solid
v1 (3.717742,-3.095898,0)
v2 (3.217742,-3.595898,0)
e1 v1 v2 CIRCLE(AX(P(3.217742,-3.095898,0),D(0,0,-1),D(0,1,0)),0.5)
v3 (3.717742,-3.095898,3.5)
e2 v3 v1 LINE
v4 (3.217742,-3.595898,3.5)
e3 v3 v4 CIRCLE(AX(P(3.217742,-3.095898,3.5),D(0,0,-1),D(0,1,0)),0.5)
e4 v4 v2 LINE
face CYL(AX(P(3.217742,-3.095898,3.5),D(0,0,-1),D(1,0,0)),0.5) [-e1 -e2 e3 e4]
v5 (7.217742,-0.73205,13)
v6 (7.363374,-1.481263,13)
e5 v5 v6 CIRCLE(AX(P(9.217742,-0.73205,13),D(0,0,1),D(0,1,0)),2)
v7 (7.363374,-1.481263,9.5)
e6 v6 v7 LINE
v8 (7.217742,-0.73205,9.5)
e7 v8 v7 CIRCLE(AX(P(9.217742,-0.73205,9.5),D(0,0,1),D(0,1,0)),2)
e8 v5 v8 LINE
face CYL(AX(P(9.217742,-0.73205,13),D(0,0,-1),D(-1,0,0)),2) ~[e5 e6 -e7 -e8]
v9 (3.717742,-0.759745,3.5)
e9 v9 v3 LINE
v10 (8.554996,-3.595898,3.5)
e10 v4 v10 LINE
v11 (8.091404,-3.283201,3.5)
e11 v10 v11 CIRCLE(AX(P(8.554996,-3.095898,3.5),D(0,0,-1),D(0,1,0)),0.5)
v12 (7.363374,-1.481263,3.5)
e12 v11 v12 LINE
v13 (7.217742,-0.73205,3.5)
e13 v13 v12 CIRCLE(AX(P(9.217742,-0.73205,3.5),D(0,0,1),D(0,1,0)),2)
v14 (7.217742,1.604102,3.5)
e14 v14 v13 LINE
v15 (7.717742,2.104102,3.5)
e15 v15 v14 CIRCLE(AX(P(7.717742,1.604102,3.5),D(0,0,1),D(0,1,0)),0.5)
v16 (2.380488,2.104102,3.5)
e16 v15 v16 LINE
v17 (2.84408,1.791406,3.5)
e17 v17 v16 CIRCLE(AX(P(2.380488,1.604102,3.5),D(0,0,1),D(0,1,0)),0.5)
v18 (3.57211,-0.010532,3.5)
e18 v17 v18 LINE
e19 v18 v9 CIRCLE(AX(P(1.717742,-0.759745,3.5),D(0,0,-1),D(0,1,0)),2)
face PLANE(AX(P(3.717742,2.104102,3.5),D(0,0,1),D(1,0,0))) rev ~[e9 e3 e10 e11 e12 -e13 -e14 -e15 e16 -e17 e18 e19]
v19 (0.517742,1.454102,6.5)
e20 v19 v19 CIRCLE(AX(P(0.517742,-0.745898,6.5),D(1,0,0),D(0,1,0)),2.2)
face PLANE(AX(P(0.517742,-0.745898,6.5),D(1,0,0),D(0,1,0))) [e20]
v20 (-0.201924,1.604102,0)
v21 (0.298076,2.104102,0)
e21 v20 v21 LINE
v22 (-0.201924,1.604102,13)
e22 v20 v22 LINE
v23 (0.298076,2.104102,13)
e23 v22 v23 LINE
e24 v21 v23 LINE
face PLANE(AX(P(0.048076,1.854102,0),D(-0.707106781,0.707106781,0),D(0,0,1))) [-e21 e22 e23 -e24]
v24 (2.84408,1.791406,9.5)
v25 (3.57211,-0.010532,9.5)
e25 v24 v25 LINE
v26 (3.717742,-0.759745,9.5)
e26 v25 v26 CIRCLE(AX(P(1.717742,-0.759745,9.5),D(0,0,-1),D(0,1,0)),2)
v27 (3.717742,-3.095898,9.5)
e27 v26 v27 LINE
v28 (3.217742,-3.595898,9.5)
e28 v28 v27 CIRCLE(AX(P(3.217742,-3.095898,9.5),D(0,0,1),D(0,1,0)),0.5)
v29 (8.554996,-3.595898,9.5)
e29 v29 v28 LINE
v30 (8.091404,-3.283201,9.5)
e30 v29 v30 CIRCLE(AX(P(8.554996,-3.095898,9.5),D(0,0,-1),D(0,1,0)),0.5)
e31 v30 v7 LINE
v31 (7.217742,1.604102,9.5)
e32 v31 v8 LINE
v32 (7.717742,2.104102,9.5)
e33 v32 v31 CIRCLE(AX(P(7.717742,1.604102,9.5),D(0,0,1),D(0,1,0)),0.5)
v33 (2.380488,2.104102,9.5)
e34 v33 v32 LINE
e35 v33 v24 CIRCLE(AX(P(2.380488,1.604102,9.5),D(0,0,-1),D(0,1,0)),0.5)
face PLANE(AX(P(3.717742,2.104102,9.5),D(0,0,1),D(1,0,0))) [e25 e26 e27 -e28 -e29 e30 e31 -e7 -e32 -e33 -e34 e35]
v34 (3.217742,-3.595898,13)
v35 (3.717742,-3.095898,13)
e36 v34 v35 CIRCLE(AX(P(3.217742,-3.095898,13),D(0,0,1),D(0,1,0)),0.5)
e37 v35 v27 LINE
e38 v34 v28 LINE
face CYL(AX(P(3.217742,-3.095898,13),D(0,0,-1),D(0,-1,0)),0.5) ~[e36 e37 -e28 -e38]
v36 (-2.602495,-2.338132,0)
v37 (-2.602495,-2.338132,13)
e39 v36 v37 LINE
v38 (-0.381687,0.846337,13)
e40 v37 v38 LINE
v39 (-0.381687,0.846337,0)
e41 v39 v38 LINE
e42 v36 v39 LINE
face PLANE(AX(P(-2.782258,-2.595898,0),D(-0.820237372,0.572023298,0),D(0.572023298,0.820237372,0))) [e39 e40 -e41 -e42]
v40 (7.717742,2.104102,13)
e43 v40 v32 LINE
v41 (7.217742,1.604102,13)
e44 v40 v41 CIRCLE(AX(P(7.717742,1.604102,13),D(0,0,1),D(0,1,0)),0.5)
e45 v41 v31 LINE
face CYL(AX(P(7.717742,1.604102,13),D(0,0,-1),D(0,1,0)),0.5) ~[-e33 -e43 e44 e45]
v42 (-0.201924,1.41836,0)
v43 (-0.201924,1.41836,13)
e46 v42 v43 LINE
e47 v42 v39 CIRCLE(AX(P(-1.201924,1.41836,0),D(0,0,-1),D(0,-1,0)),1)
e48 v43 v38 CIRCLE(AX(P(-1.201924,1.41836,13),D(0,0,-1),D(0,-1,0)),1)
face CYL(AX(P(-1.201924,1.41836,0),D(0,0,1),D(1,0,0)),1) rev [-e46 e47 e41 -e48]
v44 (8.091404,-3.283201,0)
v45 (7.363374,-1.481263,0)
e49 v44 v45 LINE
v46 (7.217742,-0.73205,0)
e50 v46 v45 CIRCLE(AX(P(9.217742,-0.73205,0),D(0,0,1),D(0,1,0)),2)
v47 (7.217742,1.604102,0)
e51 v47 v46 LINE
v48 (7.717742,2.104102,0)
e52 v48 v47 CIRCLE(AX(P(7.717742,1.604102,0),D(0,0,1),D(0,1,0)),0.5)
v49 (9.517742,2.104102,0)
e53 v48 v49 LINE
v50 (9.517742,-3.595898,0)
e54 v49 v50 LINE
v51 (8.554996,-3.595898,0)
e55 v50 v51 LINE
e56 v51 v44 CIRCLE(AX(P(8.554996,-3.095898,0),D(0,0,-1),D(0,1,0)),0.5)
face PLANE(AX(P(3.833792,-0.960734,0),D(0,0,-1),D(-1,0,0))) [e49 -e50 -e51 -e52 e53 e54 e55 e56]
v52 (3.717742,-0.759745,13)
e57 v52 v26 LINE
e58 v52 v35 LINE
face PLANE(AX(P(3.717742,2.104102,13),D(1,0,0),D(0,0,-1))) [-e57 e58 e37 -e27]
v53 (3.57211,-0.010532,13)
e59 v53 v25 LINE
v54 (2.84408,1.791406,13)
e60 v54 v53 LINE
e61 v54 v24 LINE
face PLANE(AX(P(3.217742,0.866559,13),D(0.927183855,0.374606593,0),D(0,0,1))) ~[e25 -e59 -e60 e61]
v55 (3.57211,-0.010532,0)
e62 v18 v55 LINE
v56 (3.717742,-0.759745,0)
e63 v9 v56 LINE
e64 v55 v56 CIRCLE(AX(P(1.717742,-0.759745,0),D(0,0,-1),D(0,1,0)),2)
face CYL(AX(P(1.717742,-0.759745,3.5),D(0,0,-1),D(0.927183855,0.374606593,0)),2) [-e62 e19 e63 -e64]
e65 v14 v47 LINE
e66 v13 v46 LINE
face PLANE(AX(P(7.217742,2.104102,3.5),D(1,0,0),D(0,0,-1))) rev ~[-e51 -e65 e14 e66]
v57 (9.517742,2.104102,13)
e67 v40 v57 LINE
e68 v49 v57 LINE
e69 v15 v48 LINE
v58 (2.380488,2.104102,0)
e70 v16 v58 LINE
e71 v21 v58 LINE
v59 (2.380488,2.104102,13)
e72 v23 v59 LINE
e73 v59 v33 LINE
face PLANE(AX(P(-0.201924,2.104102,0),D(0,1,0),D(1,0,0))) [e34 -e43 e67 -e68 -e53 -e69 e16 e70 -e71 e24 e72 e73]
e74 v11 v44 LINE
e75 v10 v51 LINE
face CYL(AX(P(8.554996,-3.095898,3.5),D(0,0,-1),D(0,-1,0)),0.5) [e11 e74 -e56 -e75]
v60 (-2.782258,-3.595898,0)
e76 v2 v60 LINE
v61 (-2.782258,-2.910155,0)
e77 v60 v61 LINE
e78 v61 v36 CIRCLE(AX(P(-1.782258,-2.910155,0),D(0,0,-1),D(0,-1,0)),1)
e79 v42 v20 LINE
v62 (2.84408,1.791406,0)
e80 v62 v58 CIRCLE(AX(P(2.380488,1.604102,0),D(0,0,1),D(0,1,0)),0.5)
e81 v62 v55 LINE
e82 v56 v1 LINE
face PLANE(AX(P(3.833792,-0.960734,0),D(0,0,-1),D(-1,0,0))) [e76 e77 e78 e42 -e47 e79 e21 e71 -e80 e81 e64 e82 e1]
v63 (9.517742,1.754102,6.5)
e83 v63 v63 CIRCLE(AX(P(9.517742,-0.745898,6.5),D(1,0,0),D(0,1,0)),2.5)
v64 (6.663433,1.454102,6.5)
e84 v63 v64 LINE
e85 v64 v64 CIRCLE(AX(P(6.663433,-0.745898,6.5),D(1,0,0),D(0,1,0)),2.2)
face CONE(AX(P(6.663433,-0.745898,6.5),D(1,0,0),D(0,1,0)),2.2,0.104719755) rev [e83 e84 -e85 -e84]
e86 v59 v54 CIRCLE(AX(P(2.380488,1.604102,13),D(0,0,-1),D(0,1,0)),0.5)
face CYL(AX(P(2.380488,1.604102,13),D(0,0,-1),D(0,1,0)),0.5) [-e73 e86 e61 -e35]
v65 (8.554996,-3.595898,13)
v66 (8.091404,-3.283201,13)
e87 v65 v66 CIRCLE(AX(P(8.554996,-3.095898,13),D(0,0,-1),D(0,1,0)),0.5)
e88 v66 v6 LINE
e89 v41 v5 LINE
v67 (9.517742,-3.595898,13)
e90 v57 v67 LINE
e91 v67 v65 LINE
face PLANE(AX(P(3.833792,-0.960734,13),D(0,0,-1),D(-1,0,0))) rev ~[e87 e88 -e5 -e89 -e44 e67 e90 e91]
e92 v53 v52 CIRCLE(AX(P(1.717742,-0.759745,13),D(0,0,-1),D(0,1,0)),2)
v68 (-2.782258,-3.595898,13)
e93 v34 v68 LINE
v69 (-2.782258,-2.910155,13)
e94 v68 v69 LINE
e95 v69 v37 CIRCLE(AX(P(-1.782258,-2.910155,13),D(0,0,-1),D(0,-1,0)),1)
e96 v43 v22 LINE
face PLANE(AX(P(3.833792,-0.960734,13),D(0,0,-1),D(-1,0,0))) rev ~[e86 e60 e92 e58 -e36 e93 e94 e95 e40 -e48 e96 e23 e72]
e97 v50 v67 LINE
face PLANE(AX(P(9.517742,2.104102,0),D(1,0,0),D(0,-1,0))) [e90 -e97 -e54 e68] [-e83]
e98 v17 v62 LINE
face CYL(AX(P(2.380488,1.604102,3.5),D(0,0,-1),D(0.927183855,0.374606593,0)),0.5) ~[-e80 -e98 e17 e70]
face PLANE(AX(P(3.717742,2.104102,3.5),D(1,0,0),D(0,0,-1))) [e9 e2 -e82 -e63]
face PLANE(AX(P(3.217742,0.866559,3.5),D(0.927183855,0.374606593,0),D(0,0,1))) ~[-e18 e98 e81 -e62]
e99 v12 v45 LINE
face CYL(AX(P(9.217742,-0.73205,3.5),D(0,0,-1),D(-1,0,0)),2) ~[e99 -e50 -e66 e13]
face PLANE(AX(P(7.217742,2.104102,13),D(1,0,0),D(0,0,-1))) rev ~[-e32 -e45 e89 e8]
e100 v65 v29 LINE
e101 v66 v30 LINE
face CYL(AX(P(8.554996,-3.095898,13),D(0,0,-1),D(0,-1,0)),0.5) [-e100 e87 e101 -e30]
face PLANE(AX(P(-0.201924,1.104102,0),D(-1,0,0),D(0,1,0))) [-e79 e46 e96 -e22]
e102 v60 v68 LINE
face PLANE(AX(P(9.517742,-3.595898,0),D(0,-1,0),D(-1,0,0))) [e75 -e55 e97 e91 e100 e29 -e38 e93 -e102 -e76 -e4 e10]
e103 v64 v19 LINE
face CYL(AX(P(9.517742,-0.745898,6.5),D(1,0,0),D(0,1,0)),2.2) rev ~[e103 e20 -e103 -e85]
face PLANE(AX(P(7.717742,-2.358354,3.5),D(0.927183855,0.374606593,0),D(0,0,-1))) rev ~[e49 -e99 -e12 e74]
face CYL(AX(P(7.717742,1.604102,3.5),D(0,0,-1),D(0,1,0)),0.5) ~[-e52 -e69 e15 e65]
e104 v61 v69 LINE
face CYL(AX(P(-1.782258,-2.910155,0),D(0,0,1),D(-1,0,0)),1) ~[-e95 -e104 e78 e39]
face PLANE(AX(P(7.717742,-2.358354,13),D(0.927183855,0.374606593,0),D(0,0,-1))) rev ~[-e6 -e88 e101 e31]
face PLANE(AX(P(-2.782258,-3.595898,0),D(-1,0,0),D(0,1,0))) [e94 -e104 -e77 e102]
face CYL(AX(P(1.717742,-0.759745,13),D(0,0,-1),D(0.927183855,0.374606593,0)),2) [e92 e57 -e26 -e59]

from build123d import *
from OCP.BRepFilletAPI import BRepFilletAPI_MakeChamfer

# Parameters (mm, degrees)
BOSS_EXTRUDE1_DEPTH = 13
CUT_EXTRUDE1_REACH  = 19.09
SKETCH2_W           = 3.5
SKETCH2_H           = 3.5
CHAMFER3_SIZE       = 1
CHAMFER3_SIZE2      = 2.475086853
SKETCH4_R           = 2.2
CUT_EXTRUDE3_DEPTH  = 9
FILLET1_R           = 1
CHAMFER4_SIZE       = 0.5
FILLET2_R           = 2
FILLET3_R           = 0.5
CHAMFER5_SIZE       = 0.3
CHAMFER5_SIZE2      = 2.854309336


with BuildPart() as part:
    # Sketch1 → Boss-Extrude1 (new body)
    with BuildSketch(Plane.XY):
        Polygon((-2.782258065, -2.595897682), (-0.20192428, 1.104102318), (-0.20192428, 2.104102318), (9.517741935, 2.104102318), (9.517741935, -3.595897682), (-2.782258065, -3.595897682), align=None)
    extrude(amount=BOSS_EXTRUDE1_DEPTH)

    # Sketch2 → Cut-Extrude1 (cut, up to next)
    with BuildSketch(Plane(origin=(0, 2.104102318, 0), x_dir=(1, 0, 0), z_dir=(0, 1, 0)), mode=Mode.PRIVATE) as cut_extrude1_sk1:
        with Locations((5.467741935, -1.75)):
            Rectangle(SKETCH2_W, SKETCH2_H)
    cut_extrude1_tool1 = extrude(cut_extrude1_sk1.sketch, amount=-CUT_EXTRUDE1_REACH, mode=Mode.PRIVATE) & part.part
    # Sketch2 → Cut-Extrude1 (cut, up to next)
    with BuildSketch(Plane(origin=(0, 2.104102318, 0), x_dir=(1, 0, 0), z_dir=(0, 1, 0)), mode=Mode.PRIVATE) as cut_extrude1_sk2:
        with Locations((5.467741935, -11.25)):
            Rectangle(SKETCH2_W, SKETCH2_H)
    cut_extrude1_tool2 = extrude(cut_extrude1_sk2.sketch, amount=-CUT_EXTRUDE1_REACH, mode=Mode.PRIVATE) & part.part
    add(cut_extrude1_tool1.solids().sort_by_distance((5.467742, 2.104102, 1.75))[0], mode=Mode.SUBTRACT)
    add(cut_extrude1_tool2.solids().sort_by_distance((5.467742, 2.104102, 11.25))[0], mode=Mode.SUBTRACT)

    # Chamfer3: one chamfer whose edges measure the first distance from different faces: ONE call of the kernel's chamfer builder (chamfer() names one face for all edges)
    chamfer3_edges_1 = [part.edges().sort_by_distance(p)[0] for p in [
        (3.717741935, 2.104102318, 1.75),
        (3.717741935, 2.104102318, 11.25),
    ]]
    chamfer3_side_1 = [part.faces().sort_by_distance(p)[0] for p in [
        (4.46311444, 2.104102318, 6.5),
    ]]
    chamfer3_edges_2 = [part.edges().sort_by_distance(p)[0] for p in [
        (7.217741935, -3.595897682, 1.75),
        (7.217741935, -3.595897682, 11.25),
    ]]
    chamfer3_side_2 = [part.faces().sort_by_distance(p)[0] for p in [
        (2.987756707, -3.595897682, 6.5),
    ]]
    chamfer3 = BRepFilletAPI_MakeChamfer(part.part.solid().wrapped)
    for e in chamfer3_edges_1:
        chamfer3.Add(CHAMFER3_SIZE, CHAMFER3_SIZE2, e.wrapped, chamfer3_side_1[0].wrapped)  # the first distance lies on this face
    for e in chamfer3_edges_2:
        chamfer3.Add(CHAMFER3_SIZE, CHAMFER3_SIZE2, e.wrapped, chamfer3_side_2[0].wrapped)  # the first distance lies on this face
    add(Compound.cast(chamfer3.Shape()), mode=Mode.REPLACE)

    # Sketch4 → Cut-Extrude3 (cut)
    with BuildSketch(Plane(origin=(9.517741935, 0, 0), x_dir=(0, 0, -1), z_dir=(1, 0, 0))):
        with Locations(Location((-6.5, -0.745897682, 0), (0, 0, 90))):
            Circle(SKETCH4_R)
    extrude(amount=-CUT_EXTRUDE3_DEPTH, mode=Mode.SUBTRACT)

    # Fillet1
    fillet1_edges = [part.edges().sort_by_distance(p)[0] for p in [
        (-2.782258065, -2.595897682, 6.5),
        (-0.20192428, 1.104102318, 6.5),
    ]]
    fillet(fillet1_edges, radius=FILLET1_R)

    # Chamfer4
    chamfer4_edges = [part.edges().sort_by_distance(p)[0] for p in [
        (-0.20192428, 2.104102318, 6.5),
    ]]
    chamfer(chamfer4_edges, length=CHAMFER4_SIZE)

    # Fillet2
    fillet2_edges = [part.edges().sort_by_distance(p)[0] for p in [
        (3.717741935, -0.370984535, 11.25),
        (7.217741935, -1.120810828, 11.25),
        (7.217741935, -1.120810828, 1.75),
        (3.717741935, -0.370984535, 1.75),
    ]]
    fillet(fillet2_edges, radius=FILLET2_R)

    # Fillet3
    fillet3_edges = [part.edges().sort_by_distance(p)[0] for p in [
        (7.217741935, 2.104102318, 1.75),
        (3.717741935, -3.595897682, 1.75),
        (7.217741935, 2.104102318, 11.25),
        (3.717741935, -3.595897682, 11.25),
        (2.717741935, 2.104102318, 1.75),
        (2.717741935, 2.104102318, 11.25),
        (8.217741935, -3.595897682, 1.75),
        (8.217741935, -3.595897682, 11.25),
    ]]
    fillet(fillet3_edges, radius=FILLET3_R)

    # Chamfer5
    chamfer5_edges = [part.edges().sort_by_distance(p)[0] for p in [
        (9.517741935, -2.945897682, 6.5),
    ]]
    chamfer5_side = [part.faces().sort_by_distance(p)[0] for p in [
        (9.517741935, 1.962155145, 6.5),
    ]]
    chamfer(chamfer5_edges, length=CHAMFER5_SIZE, length2=CHAMFER5_SIZE2, reference=chamfer5_side[0])


solid = part.part
